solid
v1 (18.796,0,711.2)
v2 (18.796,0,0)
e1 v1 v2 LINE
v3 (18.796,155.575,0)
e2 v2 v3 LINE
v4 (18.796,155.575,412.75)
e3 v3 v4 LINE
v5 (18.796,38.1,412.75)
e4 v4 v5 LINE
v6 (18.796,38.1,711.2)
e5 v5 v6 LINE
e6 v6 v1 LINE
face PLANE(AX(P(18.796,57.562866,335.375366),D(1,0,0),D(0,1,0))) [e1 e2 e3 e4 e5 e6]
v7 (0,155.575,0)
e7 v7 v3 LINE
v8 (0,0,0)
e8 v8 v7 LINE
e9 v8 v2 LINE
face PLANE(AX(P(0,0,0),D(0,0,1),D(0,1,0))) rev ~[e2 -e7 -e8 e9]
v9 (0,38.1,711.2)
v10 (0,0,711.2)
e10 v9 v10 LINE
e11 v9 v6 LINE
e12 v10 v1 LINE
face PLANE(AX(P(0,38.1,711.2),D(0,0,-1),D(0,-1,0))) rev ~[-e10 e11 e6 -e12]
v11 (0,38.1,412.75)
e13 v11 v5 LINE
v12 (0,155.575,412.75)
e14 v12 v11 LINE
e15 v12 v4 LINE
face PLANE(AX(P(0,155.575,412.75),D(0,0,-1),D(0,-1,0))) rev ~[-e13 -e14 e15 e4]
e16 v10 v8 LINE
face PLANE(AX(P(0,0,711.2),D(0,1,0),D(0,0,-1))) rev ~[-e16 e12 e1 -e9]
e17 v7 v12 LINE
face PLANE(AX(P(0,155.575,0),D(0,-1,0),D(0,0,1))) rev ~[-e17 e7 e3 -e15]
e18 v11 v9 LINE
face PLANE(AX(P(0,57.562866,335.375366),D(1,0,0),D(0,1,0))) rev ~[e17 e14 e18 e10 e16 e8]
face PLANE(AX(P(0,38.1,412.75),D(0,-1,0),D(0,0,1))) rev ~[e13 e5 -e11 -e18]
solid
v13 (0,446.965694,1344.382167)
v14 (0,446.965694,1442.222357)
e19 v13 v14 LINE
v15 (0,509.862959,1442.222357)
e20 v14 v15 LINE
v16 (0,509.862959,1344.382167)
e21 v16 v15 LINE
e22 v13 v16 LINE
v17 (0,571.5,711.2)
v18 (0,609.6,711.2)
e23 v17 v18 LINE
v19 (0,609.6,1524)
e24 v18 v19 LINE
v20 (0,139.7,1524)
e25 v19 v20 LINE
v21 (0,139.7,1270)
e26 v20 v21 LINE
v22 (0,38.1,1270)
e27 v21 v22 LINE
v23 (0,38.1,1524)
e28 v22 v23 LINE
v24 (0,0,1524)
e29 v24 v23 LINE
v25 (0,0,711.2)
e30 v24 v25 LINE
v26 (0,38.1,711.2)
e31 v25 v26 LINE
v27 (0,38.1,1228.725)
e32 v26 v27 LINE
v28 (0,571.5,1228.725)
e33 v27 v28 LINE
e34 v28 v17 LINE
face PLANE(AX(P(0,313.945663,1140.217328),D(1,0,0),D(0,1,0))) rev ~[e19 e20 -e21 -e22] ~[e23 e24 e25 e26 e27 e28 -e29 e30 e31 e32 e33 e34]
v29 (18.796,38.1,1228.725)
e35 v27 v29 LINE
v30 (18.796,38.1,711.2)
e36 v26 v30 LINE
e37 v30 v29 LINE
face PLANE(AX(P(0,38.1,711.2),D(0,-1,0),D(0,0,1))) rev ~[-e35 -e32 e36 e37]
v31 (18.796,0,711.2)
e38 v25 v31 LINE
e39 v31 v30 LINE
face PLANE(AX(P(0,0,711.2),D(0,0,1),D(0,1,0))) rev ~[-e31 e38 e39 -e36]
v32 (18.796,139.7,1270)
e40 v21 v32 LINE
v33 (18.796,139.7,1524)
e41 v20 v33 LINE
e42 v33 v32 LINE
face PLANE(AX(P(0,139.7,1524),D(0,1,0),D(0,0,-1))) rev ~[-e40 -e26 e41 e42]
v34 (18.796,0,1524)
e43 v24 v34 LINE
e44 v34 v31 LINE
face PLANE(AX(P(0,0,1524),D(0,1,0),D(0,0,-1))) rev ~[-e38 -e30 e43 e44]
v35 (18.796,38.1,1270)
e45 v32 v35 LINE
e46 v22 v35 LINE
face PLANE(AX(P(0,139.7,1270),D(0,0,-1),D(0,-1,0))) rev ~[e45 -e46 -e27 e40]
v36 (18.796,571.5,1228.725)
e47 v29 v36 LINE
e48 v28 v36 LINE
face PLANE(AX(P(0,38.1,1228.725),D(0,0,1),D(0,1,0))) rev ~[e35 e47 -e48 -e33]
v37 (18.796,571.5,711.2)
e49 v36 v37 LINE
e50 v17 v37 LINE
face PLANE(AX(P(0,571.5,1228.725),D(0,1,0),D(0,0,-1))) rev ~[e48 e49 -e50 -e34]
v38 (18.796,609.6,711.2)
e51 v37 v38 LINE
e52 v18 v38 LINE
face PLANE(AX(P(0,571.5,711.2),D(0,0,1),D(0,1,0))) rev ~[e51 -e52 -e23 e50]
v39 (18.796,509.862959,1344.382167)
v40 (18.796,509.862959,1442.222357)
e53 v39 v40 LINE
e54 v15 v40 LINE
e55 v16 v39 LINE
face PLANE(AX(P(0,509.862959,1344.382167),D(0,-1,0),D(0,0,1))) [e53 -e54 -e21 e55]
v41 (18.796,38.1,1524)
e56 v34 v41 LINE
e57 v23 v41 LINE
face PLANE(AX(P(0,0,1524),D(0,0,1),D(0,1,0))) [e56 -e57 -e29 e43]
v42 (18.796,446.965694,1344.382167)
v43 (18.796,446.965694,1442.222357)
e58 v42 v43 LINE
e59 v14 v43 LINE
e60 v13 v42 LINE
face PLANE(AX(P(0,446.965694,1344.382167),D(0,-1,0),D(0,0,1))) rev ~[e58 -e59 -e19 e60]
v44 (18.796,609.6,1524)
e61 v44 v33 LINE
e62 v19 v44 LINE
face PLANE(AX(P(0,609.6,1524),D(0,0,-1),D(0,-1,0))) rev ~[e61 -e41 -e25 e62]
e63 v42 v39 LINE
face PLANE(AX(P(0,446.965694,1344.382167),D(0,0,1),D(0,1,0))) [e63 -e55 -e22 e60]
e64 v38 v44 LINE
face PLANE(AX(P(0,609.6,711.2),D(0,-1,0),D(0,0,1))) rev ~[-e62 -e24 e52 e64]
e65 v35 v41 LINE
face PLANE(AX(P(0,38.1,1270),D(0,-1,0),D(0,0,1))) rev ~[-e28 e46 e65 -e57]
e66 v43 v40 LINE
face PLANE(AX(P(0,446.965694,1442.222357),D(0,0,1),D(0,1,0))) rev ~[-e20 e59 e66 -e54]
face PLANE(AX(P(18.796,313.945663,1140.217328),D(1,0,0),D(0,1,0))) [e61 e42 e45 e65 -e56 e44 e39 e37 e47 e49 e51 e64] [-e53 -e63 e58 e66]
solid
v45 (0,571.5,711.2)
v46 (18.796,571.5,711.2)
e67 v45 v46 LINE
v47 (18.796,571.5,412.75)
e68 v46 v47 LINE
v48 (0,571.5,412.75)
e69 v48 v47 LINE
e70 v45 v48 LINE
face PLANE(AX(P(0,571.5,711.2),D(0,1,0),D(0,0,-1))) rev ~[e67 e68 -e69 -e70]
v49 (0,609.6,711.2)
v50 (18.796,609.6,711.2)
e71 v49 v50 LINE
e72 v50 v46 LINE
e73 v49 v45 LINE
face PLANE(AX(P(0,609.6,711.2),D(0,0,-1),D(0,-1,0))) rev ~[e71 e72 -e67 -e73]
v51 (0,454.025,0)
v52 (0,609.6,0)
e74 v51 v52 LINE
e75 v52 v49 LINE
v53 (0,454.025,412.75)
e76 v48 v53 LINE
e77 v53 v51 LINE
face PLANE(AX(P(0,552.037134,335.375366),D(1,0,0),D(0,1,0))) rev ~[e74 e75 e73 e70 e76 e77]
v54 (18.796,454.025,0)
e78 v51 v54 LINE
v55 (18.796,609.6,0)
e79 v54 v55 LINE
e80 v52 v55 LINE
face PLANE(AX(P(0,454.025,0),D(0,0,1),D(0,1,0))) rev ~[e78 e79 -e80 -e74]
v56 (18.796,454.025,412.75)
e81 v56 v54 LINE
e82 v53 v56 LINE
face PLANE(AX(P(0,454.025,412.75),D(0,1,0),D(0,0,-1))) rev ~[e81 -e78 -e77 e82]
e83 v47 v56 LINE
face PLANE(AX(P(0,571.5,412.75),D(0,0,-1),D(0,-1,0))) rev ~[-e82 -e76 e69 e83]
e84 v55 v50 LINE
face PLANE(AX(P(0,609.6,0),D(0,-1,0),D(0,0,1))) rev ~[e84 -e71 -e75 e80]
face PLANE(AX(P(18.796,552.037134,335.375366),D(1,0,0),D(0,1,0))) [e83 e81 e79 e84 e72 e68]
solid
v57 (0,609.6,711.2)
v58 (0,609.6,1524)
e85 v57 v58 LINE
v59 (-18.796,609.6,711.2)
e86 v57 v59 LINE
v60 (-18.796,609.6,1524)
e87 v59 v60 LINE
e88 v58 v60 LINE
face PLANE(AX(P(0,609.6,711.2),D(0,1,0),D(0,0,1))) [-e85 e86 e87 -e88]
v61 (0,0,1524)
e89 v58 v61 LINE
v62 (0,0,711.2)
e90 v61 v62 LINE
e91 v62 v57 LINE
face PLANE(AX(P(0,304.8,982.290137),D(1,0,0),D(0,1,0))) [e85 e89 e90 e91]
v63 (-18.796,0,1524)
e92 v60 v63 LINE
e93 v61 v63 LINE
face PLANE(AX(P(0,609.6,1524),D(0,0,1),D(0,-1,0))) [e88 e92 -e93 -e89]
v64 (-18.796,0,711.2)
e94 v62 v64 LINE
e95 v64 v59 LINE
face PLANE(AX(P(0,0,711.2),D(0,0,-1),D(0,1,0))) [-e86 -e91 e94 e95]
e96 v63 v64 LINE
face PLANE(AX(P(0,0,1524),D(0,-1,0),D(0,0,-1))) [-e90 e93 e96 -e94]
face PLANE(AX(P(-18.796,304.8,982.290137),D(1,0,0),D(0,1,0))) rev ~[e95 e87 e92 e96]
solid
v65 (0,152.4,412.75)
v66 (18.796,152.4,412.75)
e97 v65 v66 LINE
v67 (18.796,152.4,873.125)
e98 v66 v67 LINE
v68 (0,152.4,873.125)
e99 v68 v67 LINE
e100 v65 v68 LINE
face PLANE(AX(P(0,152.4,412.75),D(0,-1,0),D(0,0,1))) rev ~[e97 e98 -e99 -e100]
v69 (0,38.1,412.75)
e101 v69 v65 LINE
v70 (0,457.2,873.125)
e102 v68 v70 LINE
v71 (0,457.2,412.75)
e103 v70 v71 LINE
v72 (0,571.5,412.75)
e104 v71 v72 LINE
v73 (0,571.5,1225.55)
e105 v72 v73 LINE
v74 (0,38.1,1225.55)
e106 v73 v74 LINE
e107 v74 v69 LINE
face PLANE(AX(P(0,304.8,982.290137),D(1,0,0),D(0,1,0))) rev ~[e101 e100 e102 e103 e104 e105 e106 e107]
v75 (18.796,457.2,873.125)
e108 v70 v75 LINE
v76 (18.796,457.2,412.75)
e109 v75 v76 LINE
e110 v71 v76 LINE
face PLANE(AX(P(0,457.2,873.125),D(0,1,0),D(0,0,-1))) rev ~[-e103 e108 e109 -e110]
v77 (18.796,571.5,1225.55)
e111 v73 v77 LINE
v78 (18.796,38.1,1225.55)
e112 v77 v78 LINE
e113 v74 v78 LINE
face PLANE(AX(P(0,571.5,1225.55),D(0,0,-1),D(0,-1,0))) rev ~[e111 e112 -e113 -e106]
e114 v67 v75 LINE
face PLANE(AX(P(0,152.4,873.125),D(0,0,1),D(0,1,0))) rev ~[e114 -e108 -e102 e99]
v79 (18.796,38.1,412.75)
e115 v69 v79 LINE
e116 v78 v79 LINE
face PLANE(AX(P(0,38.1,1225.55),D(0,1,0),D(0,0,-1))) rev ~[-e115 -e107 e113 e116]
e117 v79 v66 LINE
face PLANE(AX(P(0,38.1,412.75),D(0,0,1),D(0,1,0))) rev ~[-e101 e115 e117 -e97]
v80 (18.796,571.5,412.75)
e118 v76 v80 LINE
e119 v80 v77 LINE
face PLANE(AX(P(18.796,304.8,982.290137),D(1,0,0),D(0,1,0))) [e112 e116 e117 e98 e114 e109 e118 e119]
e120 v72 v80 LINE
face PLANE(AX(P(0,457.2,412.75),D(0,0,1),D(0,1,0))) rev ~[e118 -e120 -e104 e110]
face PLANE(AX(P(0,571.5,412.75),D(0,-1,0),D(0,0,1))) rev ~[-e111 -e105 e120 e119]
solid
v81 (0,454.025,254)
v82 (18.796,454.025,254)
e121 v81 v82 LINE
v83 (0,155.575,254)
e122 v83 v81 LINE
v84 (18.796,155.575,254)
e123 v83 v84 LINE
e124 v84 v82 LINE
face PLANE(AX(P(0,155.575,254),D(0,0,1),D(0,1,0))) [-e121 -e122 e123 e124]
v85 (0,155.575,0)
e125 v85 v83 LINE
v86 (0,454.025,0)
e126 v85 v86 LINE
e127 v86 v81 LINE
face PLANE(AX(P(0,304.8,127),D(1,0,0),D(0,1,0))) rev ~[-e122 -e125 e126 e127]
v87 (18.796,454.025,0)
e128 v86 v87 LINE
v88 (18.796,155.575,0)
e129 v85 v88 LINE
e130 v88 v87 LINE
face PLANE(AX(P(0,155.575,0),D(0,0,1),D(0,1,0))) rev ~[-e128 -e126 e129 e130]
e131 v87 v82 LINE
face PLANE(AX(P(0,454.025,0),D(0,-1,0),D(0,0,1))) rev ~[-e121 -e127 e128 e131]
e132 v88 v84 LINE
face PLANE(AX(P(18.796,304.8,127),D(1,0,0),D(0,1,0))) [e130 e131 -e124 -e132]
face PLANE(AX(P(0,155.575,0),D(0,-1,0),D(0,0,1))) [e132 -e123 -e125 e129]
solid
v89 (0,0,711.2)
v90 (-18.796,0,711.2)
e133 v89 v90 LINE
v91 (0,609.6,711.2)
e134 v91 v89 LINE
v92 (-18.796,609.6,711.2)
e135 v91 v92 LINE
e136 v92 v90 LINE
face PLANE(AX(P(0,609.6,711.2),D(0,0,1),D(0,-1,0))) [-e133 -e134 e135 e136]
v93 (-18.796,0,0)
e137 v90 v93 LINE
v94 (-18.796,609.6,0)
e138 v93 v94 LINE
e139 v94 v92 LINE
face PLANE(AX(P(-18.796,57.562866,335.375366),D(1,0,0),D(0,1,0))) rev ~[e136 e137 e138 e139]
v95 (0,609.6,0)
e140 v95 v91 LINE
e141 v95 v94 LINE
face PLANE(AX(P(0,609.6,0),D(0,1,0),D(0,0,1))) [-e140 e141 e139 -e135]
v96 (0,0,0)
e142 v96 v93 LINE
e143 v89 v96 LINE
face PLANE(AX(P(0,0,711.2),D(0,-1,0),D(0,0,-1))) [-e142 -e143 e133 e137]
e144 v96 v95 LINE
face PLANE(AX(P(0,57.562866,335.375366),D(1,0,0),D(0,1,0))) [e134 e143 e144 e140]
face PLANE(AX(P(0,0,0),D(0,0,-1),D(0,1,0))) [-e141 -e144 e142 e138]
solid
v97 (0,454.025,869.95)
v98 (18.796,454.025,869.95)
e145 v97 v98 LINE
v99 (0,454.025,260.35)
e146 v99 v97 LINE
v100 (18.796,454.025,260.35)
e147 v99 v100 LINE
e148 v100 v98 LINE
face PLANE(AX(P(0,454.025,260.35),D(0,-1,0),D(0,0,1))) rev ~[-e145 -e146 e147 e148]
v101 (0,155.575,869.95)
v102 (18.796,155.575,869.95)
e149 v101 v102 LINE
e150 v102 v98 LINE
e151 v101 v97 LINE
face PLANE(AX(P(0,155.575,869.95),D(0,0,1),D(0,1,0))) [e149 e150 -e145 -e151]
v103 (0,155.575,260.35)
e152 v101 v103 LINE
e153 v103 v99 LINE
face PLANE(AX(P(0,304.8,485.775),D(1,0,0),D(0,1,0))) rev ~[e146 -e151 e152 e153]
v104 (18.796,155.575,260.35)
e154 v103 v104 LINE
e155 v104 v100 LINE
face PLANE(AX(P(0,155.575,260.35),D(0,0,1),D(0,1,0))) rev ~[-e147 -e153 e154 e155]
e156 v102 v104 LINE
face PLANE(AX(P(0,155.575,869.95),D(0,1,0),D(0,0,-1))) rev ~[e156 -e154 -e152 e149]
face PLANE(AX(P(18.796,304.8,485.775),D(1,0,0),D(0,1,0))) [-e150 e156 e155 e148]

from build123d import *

# Parameters (mm, degrees)
F0_W     = 298.45
F0_H     = 254
F0_W_2   = 114.3
F0_H_2   = 298.45
F0_H_3   = 6.35
F0_W_3   = 3.175
F1_DEPTH = 18.796
F2_DEPTH = 18.796
F0_H_4   = 158.75
F0_W_4   = 60.5677366257
F0_H_5   = 55.9086799622
F3_DEPTH = 18.796
F0_W_5   = 62.8972649574
F0_H_6   = 97.8401899338
F0_W_6   = 38.1
F4_DEPTH = 18.796
F0_W_7   = 101.6
F5_DEPTH = 18.796


with BuildPart() as f1:
    # F0 (on Right) → F1 (new body)
    with BuildSketch(Plane.YZ):
        Polygon((0, 711.2), (0, 0), (155.575, 0), (155.575, 254), (155.575, 260.35), (155.575, 412.75), (152.4, 412.75), (38.1, 412.75), (38.1, 711.2), align=None)
        with Locations((304.8, 127)):
            Rectangle(F0_W, F0_H)
        Polygon((155.575, 412.75), (155.575, 260.35), (454.025, 260.35), (454.025, 412.75), (454.025, 711.2), (155.575, 711.2), align=None)
        with Locations((95.25, 561.975)):
            Rectangle(F0_W_2, F0_H_2)
        with Locations((304.8, 257.175)):
            Rectangle(F0_W, F0_H_3)
        Polygon((454.025, 254), (454.025, 0), (609.6, 0), (609.6, 711.2), (571.5, 711.2), (571.5, 412.75), (457.2, 412.75), (454.025, 412.75), (454.025, 260.35), align=None)
        with Locations((514.35, 561.975)):
            Rectangle(F0_W_2, F0_H_2)
        with Locations((455.6125, 561.975)):
            Rectangle(F0_W_3, F0_H_2)
        with Locations((153.9875, 561.975)):
            Rectangle(F0_W_3, F0_H_2)
    extrude(amount=-F1_DEPTH)


with BuildPart() as f2:
    # F0 (on Right) → F2 (new body)
    with BuildSketch(Plane.YZ):
        with Locations((304.8, 127)):
            Rectangle(F0_W, F0_H)
    extrude(amount=F2_DEPTH)


with BuildPart() as f2b:
    # F0 (on Right) → F2, piece 2 (new body)
    with BuildSketch(Plane.YZ):
        Polygon((155.575, 412.75), (155.575, 260.35), (454.025, 260.35), (454.025, 412.75), (454.025, 711.2), (155.575, 711.2), align=None)
        with Locations((304.8, 790.575)):
            Rectangle(F0_W, F0_H_4)
    extrude(amount=F2_DEPTH)


with BuildPart() as f2c:
    # F0 (on Right) → F2, piece 3 (new body)
    with BuildSketch(Plane.YZ):
        Polygon((38.1, 1225.55), (38.1, 711.2), (152.4, 711.2), (152.4, 873.125), (457.2, 873.125), (457.2, 711.2), (571.5, 711.2), (571.5, 1225.55), (463.882438755, 1225.55), (463.882438755, 1169.6413200378), (403.3147021294, 1169.6413200378), (403.3147021294, 1225.55), (206.2852978706, 1225.55), (206.2852978706, 1169.6413200378), (145.717561245, 1169.6413200378), (145.717561245, 1225.55), align=None)
        with Locations((514.35, 561.975)):
            Rectangle(F0_W_2, F0_H_2)
        with Locations((95.25, 561.975)):
            Rectangle(F0_W_2, F0_H_2)
        with Locations((176.0014295578, 1197.5956600189)):
            Rectangle(F0_W_4, F0_H_5)
        with Locations((433.5985704422, 1197.5956600189)):
            Rectangle(F0_W_4, F0_H_5)
    extrude(amount=F2_DEPTH)


with BuildPart() as f3:
    # F0 (on Right) → F3 (new body)
    with BuildSketch(Plane.YZ):
        Polygon((454.025, 254), (454.025, 0), (609.6, 0), (609.6, 711.2), (571.5, 711.2), (571.5, 412.75), (457.2, 412.75), (454.025, 412.75), (454.025, 260.35), align=None)
    extrude(amount=F3_DEPTH)


with BuildPart() as f3b:
    # F0 (on Right) → F3, piece 2 (new body)
    with BuildSketch(Plane.YZ):
        Polygon((0, 711.2), (0, 0), (155.575, 0), (155.575, 254), (155.575, 260.35), (155.575, 412.75), (152.4, 412.75), (38.1, 412.75), (38.1, 711.2), align=None)
    extrude(amount=F3_DEPTH)


with BuildPart() as f4:
    # F0 (on Right) → F4 (new body)
    with BuildSketch(Plane.YZ):
        Polygon((0, 1270), (0, 711.2), (38.1, 711.2), (38.1, 1225.55), (38.1, 1228.725), (571.5, 1228.725), (571.5, 1225.55), (571.5, 711.2), (609.6, 711.2), (609.6, 1524), (139.7, 1524), (139.7, 1270), (38.1, 1270), align=None)
        with Locations((478.4143269062, 1393.3022618294)):
            Rectangle(F0_W_5, F0_H_6, mode=Mode.SUBTRACT)
        with Locations((19.05, 1397)):
            Rectangle(F0_W_6, F0_H)
    extrude(amount=F4_DEPTH)


with BuildPart() as f5:
    # F0 (on Right) → F5 (new body)
    with BuildSketch(Plane.YZ):
        Polygon((38.1, 1225.55), (38.1, 711.2), (152.4, 711.2), (152.4, 873.125), (457.2, 873.125), (457.2, 711.2), (571.5, 711.2), (571.5, 1225.55), (463.882438755, 1225.55), (463.882438755, 1169.6413200378), (403.3147021294, 1169.6413200378), (403.3147021294, 1225.55), (206.2852978706, 1225.55), (206.2852978706, 1169.6413200378), (145.717561245, 1169.6413200378), (145.717561245, 1225.55), align=None)
        Polygon((0, 1270), (0, 711.2), (38.1, 711.2), (38.1, 1225.55), (38.1, 1228.725), (571.5, 1228.725), (571.5, 1225.55), (571.5, 711.2), (609.6, 711.2), (609.6, 1524), (139.7, 1524), (139.7, 1270), (38.1, 1270), align=None)
        with Locations((478.4143269062, 1393.3022618294)):
            Rectangle(F0_W_5, F0_H_6, mode=Mode.SUBTRACT)
        with Locations((304.8, 790.575)):
            Rectangle(F0_W, F0_H_4)
        with Locations((88.9, 1397)):
            Rectangle(F0_W_7, F0_H)
        with Locations((19.05, 1397)):
            Rectangle(F0_W_6, F0_H)
        with Locations((478.4143269062, 1393.3022618294)):
            Rectangle(F0_W_5, F0_H_6)
        with Locations((433.5985704422, 1197.5956600189)):
            Rectangle(F0_W_4, F0_H_5)
        with Locations((176.0014295578, 1197.5956600189)):
            Rectangle(F0_W_4, F0_H_5)
        Polygon((152.4, 873.125), (152.4, 711.2), (155.575, 711.2), (155.575, 869.95), (454.025, 869.95), (454.025, 711.2), (457.2, 711.2), (457.2, 873.125), align=None)
        Polygon((38.1, 1228.725), (38.1, 1225.55), (145.717561245, 1225.55), (206.2852978706, 1225.55), (403.3147021294, 1225.55), (463.882438755, 1225.55), (571.5, 1225.55), (571.5, 1228.725), align=None)
    extrude(amount=-F5_DEPTH)


solid = Compound([f1.part, f2.part, f2b.part, f2c.part, f3.part, f3b.part, f4.part, f5.part])
